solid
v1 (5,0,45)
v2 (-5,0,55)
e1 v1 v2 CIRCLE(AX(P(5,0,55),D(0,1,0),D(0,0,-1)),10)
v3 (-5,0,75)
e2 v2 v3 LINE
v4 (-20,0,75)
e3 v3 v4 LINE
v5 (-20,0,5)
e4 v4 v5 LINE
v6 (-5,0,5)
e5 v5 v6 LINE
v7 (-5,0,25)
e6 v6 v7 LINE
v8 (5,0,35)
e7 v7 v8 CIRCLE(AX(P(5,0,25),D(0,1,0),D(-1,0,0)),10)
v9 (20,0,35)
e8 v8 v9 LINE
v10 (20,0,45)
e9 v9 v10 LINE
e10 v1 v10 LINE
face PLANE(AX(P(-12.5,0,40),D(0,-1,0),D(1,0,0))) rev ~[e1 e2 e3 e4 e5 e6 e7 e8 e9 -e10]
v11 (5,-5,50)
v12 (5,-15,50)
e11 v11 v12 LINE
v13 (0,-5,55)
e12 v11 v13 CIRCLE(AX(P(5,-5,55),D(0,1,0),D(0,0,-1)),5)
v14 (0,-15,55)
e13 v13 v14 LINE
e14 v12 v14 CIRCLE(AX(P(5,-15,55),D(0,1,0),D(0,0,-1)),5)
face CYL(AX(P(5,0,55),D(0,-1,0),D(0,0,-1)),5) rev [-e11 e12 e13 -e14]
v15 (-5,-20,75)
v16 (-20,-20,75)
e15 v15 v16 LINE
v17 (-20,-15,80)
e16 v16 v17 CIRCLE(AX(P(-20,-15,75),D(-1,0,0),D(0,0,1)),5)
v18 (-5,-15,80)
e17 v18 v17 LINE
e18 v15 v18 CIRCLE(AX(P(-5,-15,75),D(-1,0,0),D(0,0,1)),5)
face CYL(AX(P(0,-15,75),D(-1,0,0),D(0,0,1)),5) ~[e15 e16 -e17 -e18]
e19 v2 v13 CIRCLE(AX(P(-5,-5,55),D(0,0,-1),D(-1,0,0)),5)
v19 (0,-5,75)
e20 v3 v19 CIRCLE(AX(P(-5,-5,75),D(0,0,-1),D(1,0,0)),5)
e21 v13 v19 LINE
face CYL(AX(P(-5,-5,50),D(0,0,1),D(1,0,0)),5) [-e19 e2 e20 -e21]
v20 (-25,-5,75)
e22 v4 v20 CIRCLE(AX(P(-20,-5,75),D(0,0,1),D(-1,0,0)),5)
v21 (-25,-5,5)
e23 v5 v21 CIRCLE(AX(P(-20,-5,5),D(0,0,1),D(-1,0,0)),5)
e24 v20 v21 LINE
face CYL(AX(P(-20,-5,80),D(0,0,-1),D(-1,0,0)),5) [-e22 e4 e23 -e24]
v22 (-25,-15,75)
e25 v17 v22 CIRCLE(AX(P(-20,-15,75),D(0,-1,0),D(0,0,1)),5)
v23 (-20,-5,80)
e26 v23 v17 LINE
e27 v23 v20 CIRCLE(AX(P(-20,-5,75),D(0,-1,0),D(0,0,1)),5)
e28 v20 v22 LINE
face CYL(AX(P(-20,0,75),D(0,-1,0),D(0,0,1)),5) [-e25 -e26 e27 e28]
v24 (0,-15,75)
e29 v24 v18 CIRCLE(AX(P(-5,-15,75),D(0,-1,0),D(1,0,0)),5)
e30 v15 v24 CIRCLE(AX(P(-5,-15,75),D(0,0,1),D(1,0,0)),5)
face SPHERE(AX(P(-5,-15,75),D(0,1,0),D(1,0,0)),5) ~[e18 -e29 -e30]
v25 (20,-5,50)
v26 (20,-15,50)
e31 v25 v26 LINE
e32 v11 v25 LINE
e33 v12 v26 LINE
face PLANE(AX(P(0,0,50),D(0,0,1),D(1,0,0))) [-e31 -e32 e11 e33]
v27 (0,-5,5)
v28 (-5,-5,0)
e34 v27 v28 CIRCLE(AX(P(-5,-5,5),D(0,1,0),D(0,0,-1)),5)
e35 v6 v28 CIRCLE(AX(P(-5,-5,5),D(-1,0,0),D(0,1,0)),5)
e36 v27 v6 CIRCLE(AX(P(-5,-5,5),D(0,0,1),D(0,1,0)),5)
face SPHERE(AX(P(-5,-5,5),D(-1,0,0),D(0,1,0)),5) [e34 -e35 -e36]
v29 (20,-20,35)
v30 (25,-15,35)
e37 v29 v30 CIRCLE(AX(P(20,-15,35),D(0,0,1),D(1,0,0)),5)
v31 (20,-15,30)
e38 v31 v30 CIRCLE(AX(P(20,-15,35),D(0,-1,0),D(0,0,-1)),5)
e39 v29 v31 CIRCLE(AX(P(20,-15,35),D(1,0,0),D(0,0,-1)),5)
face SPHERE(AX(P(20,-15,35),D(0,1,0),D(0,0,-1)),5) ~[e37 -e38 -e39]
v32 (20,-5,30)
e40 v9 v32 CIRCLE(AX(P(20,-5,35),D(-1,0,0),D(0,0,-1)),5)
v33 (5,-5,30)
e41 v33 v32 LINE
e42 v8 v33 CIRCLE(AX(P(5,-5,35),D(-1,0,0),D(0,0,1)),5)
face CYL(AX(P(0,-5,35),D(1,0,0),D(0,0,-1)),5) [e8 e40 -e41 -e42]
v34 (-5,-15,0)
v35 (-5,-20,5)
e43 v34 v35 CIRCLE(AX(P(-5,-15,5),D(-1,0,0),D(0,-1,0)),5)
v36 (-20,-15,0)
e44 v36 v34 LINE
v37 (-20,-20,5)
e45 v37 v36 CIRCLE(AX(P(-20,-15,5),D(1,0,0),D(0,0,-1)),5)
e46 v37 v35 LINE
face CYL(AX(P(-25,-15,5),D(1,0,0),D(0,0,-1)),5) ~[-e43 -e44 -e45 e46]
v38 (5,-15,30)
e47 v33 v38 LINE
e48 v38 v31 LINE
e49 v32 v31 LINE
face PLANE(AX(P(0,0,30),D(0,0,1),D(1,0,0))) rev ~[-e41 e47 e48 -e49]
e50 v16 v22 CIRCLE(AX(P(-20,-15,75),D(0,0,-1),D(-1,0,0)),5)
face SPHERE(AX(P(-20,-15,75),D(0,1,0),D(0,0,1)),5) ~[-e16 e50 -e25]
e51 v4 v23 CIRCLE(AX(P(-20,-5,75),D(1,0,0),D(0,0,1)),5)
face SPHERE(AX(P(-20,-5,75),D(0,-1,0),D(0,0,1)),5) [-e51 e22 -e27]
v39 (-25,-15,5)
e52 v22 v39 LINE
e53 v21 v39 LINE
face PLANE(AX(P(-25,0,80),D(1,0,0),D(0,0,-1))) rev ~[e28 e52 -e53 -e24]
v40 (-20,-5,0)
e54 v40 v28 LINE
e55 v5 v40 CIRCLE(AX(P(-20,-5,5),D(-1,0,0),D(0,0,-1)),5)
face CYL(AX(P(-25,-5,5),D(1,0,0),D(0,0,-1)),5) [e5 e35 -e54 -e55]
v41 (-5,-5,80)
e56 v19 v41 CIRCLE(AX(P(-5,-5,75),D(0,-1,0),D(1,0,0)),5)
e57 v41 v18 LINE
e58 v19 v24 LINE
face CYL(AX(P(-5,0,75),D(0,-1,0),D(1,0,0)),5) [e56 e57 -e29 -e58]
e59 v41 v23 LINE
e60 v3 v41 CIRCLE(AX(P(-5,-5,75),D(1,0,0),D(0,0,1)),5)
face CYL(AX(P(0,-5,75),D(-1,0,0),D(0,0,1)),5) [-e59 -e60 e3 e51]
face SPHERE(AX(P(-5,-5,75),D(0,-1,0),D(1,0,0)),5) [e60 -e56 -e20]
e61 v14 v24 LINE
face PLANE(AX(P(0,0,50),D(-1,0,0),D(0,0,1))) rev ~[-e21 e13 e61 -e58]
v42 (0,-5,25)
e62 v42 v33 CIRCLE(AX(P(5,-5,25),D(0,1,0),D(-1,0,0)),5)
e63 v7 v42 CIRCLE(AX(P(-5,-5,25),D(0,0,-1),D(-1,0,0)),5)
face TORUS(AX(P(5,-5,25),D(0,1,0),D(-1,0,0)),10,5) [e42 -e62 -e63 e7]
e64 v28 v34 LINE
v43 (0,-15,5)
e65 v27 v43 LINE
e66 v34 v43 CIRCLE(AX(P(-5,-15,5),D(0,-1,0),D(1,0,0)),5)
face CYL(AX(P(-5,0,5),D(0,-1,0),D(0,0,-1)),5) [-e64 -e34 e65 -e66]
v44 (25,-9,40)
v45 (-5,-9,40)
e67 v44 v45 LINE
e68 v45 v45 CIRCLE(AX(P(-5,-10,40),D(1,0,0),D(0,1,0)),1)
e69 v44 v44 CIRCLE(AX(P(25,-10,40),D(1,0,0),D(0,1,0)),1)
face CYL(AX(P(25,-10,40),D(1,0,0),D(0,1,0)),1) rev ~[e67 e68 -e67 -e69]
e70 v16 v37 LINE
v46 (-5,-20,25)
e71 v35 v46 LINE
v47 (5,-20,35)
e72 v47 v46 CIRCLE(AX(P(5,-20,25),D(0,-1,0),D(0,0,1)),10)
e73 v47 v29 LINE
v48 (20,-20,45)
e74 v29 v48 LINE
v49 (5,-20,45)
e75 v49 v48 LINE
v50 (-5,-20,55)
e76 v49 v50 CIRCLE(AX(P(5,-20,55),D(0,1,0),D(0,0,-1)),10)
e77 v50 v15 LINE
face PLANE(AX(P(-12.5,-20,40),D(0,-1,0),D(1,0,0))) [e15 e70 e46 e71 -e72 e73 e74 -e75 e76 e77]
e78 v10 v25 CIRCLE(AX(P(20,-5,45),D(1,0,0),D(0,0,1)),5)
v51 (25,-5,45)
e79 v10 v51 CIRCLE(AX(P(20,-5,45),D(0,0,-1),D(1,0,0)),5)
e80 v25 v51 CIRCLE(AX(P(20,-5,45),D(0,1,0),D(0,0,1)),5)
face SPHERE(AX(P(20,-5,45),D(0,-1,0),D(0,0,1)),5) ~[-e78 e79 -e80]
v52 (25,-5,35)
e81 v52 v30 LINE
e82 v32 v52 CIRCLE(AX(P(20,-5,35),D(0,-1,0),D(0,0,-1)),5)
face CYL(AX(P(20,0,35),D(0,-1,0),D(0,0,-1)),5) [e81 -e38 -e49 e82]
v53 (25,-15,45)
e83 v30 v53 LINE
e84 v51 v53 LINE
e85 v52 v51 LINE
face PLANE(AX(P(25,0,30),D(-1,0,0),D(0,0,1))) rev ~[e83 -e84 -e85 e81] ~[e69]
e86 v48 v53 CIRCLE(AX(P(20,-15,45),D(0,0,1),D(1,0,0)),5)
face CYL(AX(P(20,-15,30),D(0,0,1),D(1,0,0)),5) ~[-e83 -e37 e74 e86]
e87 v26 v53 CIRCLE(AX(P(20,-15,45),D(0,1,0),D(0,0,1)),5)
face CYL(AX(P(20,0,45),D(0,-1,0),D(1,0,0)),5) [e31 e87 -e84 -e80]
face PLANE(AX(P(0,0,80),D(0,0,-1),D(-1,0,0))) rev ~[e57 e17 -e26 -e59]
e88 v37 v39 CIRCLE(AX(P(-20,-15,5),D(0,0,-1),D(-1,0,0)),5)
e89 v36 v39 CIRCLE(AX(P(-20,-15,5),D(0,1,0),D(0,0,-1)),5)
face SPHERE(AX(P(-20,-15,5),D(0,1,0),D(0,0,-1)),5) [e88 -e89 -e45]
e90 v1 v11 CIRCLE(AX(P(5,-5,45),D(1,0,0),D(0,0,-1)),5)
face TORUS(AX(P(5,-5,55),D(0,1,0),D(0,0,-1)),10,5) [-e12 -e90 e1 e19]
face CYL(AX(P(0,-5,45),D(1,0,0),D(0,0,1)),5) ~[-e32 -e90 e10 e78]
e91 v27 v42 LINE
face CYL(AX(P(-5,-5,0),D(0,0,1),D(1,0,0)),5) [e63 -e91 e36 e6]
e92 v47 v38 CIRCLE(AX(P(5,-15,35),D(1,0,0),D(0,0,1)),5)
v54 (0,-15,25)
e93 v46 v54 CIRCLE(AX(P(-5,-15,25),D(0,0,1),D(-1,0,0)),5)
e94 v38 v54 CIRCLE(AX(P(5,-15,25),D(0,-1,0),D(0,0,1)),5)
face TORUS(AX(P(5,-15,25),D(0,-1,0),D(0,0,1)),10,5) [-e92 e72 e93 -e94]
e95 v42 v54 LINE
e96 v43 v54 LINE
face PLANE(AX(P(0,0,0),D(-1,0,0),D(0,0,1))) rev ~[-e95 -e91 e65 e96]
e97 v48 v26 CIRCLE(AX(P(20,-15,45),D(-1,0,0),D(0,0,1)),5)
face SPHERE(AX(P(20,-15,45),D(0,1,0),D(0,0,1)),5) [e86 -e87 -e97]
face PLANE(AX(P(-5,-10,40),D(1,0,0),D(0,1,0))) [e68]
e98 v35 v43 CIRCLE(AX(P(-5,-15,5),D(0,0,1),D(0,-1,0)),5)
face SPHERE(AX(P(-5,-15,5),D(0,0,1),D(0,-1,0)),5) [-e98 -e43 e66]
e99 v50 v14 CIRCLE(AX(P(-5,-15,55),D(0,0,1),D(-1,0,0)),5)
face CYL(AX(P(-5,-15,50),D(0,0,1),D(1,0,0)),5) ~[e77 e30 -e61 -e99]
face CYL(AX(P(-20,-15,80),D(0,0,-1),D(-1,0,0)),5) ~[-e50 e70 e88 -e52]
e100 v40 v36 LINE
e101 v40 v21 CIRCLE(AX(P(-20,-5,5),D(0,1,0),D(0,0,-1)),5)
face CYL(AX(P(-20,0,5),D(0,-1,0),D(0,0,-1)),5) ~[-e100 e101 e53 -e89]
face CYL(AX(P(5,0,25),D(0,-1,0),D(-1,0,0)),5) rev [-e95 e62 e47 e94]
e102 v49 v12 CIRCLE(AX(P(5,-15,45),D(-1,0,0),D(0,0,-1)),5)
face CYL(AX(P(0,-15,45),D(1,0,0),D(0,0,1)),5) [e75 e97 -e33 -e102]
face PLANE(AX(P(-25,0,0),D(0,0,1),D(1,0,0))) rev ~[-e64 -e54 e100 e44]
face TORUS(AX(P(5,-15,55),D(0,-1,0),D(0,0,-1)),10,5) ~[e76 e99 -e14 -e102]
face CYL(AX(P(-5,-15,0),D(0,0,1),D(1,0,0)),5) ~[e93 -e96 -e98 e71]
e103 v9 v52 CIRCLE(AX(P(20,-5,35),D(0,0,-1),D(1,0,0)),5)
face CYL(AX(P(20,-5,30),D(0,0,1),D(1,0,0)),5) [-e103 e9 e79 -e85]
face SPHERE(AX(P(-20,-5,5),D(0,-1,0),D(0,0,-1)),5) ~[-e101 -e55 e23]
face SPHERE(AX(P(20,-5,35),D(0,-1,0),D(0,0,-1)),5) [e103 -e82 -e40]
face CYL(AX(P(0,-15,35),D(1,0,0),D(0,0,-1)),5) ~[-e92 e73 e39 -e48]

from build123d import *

# Parameters (mm, degrees)
F0_W     = 25
F0_H     = 20
F1_DEPTH = 20
F2_R     = 5
F3_R     = 1
F4_DEPTH = 30


with BuildPart() as f1:
    # F0 (on Front) → F1 (new body)
    with BuildSketch(Plane.XZ):
        Polygon((-25, 0), (0, 0), (0, 30), (0, 50), (0, 80), (-25, 80), align=None)
        with Locations((12.5, 40)):
            Rectangle(F0_W, F0_H)
    extrude(amount=F1_DEPTH)

    # F2
    f2_edges = [f1.edges().sort_by_distance(p)[0] for p in [
        (0, -20, 15),
        (25, -10, 30),
        (0, -10, 30),
        (-25, -10, 80),
        (0, -10, 80),
        (-25, -10, 0),
        (0, -20, 65),
        (0, 0, 65),
        (0, -10, 50),
        (25, -10, 50),
        (-12.5, 0, 0),
        (-12.5, -20, 0),
        (-12.5, 0, 80),
        (-12.5, -20, 80),
        (0, 0, 15),
        (-25, 0, 40),
        (-25, -20, 40),
        (12.5, 0, 30),
        (12.5, -20, 30),
        (12.5, 0, 50),
        (12.5, -20, 50),
        (0, -10, 0),
        (25, 0, 40),
        (25, -20, 40),
    ]]
    fillet(f2_edges, radius=F2_R)

    # F3 (on face) → F4 (cut)
    with BuildSketch(Plane.YZ.offset(25)):
        with Locations((-10, 40)):
            Circle(F3_R)
    extrude(amount=-F4_DEPTH, mode=Mode.SUBTRACT)


solid = f1.part
